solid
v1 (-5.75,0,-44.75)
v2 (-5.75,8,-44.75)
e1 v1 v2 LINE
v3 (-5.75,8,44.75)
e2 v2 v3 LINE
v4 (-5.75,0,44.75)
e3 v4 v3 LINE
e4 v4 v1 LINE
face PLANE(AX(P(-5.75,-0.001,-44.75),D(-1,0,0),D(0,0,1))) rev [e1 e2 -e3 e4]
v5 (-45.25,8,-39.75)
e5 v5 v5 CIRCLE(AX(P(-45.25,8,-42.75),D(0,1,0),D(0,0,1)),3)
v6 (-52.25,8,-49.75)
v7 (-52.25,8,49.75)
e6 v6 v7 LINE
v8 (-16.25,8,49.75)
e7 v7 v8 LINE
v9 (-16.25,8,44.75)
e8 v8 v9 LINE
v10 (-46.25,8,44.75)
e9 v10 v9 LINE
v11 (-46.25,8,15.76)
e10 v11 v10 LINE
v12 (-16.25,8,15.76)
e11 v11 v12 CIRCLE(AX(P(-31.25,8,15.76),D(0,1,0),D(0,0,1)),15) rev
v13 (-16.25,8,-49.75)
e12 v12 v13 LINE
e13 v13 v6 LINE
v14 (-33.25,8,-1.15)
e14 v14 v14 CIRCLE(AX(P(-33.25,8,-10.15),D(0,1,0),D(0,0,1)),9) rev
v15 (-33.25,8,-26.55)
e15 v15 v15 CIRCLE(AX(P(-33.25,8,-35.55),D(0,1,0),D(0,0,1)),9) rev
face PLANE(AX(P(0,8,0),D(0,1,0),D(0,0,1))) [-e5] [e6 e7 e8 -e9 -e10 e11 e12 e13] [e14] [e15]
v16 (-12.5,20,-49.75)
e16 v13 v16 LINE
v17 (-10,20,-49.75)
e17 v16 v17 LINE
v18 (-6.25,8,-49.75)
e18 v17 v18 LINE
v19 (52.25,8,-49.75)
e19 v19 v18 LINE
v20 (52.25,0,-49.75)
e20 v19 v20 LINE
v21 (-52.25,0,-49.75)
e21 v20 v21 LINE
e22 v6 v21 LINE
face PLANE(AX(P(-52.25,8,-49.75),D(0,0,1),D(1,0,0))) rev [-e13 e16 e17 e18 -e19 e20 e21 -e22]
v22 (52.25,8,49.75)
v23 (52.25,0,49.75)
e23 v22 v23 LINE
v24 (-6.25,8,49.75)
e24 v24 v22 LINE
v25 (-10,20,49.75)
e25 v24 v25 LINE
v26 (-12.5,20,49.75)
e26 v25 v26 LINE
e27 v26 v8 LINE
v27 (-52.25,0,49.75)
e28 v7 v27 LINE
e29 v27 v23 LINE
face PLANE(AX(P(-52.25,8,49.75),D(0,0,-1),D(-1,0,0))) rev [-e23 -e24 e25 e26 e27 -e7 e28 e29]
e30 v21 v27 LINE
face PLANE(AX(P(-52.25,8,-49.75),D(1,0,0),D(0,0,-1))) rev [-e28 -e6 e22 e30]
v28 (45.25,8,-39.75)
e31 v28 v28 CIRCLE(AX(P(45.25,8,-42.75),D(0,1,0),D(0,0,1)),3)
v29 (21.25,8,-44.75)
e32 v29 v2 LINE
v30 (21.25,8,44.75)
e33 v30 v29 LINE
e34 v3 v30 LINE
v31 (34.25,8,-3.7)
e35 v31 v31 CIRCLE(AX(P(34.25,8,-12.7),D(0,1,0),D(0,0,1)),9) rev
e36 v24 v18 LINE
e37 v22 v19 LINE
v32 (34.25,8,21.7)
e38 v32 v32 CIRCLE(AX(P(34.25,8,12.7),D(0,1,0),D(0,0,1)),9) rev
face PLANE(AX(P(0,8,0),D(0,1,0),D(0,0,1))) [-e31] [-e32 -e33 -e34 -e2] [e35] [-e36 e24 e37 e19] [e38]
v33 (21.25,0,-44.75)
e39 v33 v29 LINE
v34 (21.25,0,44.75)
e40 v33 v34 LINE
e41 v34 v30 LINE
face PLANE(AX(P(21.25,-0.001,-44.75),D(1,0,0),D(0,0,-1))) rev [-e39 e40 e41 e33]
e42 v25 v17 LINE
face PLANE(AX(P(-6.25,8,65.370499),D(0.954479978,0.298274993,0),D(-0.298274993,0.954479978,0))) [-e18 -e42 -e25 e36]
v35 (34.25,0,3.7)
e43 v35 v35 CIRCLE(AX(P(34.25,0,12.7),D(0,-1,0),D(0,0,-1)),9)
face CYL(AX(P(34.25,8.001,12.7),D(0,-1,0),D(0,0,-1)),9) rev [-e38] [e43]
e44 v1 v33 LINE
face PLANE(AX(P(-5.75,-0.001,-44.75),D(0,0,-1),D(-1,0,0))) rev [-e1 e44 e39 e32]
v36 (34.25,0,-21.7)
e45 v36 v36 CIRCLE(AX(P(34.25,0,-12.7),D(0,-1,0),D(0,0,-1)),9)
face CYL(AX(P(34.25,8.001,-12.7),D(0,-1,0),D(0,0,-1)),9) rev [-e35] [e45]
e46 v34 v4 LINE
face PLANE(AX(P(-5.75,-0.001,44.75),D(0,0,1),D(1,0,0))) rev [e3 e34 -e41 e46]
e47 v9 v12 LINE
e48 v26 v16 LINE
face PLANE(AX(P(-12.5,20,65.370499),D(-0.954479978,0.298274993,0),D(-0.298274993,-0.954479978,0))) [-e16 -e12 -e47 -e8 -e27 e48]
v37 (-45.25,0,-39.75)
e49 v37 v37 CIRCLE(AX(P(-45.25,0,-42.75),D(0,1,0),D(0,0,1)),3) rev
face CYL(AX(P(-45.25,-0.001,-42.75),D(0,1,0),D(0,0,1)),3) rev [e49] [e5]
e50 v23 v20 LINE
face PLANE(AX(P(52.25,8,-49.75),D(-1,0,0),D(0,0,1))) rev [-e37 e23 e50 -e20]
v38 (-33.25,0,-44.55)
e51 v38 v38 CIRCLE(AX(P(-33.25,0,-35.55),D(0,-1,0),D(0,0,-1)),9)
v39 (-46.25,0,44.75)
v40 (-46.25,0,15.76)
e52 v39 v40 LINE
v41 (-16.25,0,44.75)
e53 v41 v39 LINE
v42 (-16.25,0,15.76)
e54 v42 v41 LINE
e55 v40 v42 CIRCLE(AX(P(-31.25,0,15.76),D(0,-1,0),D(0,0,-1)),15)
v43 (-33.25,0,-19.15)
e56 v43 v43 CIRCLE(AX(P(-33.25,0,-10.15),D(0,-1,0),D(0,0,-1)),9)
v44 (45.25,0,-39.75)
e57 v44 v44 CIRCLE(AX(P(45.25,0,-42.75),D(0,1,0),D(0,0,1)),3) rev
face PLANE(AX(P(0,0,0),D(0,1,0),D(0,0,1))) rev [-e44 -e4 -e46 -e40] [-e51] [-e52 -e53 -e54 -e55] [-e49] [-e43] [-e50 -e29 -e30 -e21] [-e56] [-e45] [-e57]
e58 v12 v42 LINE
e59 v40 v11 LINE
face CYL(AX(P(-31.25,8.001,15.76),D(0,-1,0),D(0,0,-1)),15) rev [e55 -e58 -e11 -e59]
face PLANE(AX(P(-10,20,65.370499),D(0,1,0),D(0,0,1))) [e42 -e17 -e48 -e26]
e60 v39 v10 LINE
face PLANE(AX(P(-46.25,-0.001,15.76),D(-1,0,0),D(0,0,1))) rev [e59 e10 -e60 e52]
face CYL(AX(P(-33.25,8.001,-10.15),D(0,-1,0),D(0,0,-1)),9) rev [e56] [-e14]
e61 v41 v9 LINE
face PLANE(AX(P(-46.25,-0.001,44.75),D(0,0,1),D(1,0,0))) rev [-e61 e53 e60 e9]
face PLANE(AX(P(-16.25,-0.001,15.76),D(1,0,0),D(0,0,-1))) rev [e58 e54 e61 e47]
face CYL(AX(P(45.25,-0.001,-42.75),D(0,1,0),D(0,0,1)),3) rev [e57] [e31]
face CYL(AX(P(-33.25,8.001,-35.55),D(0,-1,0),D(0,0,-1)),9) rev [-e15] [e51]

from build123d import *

# Parameters (mm, degrees)
SKETCH1_W           = 104.5
SKETCH1_H           = 99.5
BOSS_EXTRUDE1_DEPTH = 8
CUT_EXTRUDE1_REACH  = 10
SKETCH2_R           = 9
SKETCH2_R_2         = 15
BOSS_EXTRUDE2_DEPTH = 99.5
CUT_EXTRUDE2_REACH  = 10
SKETCH4_W           = 27
SKETCH4_H           = 89.5
CUT_EXTRUDE3_REACH  = 10
SKETCH5_W           = 30
SKETCH5_H           = 28.99
CUT_EXTRUDE4_REACH  = 10
SKETCH6_R           = 3


with BuildPart() as part:
    # Sketch1 → Boss-Extrude1 (new body)
    with BuildSketch(Plane(origin=(0, 0, 0), x_dir=(1, 0, 0), z_dir=(0, 1, 0))):
        Rectangle(SKETCH1_W, SKETCH1_H)
    extrude(amount=BOSS_EXTRUDE1_DEPTH)

    # Sketch2 → Cut-Extrude1 (cut, up to next)
    with BuildSketch(Plane.XZ, mode=Mode.PRIVATE) as cut_extrude1_sk1:
        with Locations((-33.25, -10.15)):
            Circle(SKETCH2_R)
    cut_extrude1_tool1 = extrude(cut_extrude1_sk1.sketch, amount=-CUT_EXTRUDE1_REACH, mode=Mode.PRIVATE) & part.part
    add(cut_extrude1_tool1.solids().sort_by_distance((-33.25, 0, -10.15))[0], mode=Mode.SUBTRACT)
    # Sketch2 → Cut-Extrude1 (cut, up to next)
    with BuildSketch(Plane.XZ, mode=Mode.PRIVATE) as cut_extrude1_sk2:
        with Locations((-33.25, -35.55)):
            Circle(SKETCH2_R)
    cut_extrude1_tool2 = extrude(cut_extrude1_sk2.sketch, amount=-CUT_EXTRUDE1_REACH, mode=Mode.PRIVATE) & part.part
    add(cut_extrude1_tool2.solids().sort_by_distance((-33.25, 0, -35.55))[0], mode=Mode.SUBTRACT)
    # Sketch2 → Cut-Extrude1 (cut, up to next)
    with BuildSketch(Plane.XZ, mode=Mode.PRIVATE) as cut_extrude1_sk3:
        with Locations((34.25, 12.7)):
            Circle(SKETCH2_R)
    cut_extrude1_tool3 = extrude(cut_extrude1_sk3.sketch, amount=-CUT_EXTRUDE1_REACH, mode=Mode.PRIVATE) & part.part
    add(cut_extrude1_tool3.solids().sort_by_distance((34.25, 0, 12.7))[0], mode=Mode.SUBTRACT)
    # Sketch2 → Cut-Extrude1 (cut, up to next)
    with BuildSketch(Plane.XZ, mode=Mode.PRIVATE) as cut_extrude1_sk4:
        with Locations((34.25, -12.7)):
            Circle(SKETCH2_R)
    cut_extrude1_tool4 = extrude(cut_extrude1_sk4.sketch, amount=-CUT_EXTRUDE1_REACH, mode=Mode.PRIVATE) & part.part
    add(cut_extrude1_tool4.solids().sort_by_distance((34.25, 0, -12.7))[0], mode=Mode.SUBTRACT)
    # Sketch2 → Cut-Extrude1 (cut, up to next)
    with BuildSketch(Plane.XZ, mode=Mode.PRIVATE) as cut_extrude1_sk5:
        with Locations((-31.25, 15.76)):
            Circle(SKETCH2_R_2)
    cut_extrude1_tool5 = extrude(cut_extrude1_sk5.sketch, amount=-CUT_EXTRUDE1_REACH, mode=Mode.PRIVATE) & part.part
    add(cut_extrude1_tool5.solids().sort_by_distance((-31.25, 0, 15.76))[0], mode=Mode.SUBTRACT)

    # Sketch3 → Boss-Extrude2 (add)
    with BuildSketch(Plane(origin=(0, 0, -49.75), x_dir=(-1, 0, 0), z_dir=(0, 0, -1))):
        Polygon((6.25, 8), (10, 20), (12.5, 20), (16.25, 8), align=None)
    extrude(amount=-BOSS_EXTRUDE2_DEPTH)

    # Sketch4 → Cut-Extrude2 (cut, up to next)
    with BuildSketch(Plane(origin=(0, 8, 0), x_dir=(1, 0, 0), z_dir=(0, 1, 0)), mode=Mode.PRIVATE) as cut_extrude2_sk1:
        with Locations((7.75, 0)):
            Rectangle(SKETCH4_W, SKETCH4_H)
    cut_extrude2_tool1 = extrude(cut_extrude2_sk1.sketch, amount=-CUT_EXTRUDE2_REACH, mode=Mode.PRIVATE) & part.part
    add(cut_extrude2_tool1.solids().sort_by_distance((7.75, 8, 0))[0], mode=Mode.SUBTRACT)

    # Sketch5 → Cut-Extrude3 (cut, up to next)
    with BuildSketch(Plane(origin=(0, 8, 0), x_dir=(1, 0, 0), z_dir=(0, 1, 0)), mode=Mode.PRIVATE) as cut_extrude3_sk1:
        with Locations((-31.25, -30.255)):
            Rectangle(SKETCH5_W, SKETCH5_H)
    cut_extrude3_tool1 = extrude(cut_extrude3_sk1.sketch, amount=-CUT_EXTRUDE3_REACH, mode=Mode.PRIVATE) & part.part
    add(cut_extrude3_tool1.solids().sort_by_distance((-31.25, 8, 30.255))[0], mode=Mode.SUBTRACT)

    # Sketch6 → Cut-Extrude4 (cut, up to next)
    with BuildSketch(Plane(origin=(0, 8, 0), x_dir=(1, 0, 0), z_dir=(0, 1, 0)), mode=Mode.PRIVATE) as cut_extrude4_sk1:
        with Locations((-45.25, 42.75)):
            Circle(SKETCH6_R)
    cut_extrude4_tool1 = extrude(cut_extrude4_sk1.sketch, amount=-CUT_EXTRUDE4_REACH, mode=Mode.PRIVATE) & part.part
    add(cut_extrude4_tool1.solids().sort_by_distance((-45.25, 8, -42.75))[0], mode=Mode.SUBTRACT)
    # Sketch6 → Cut-Extrude4 (cut, up to next)
    with BuildSketch(Plane(origin=(0, 8, 0), x_dir=(1, 0, 0), z_dir=(0, 1, 0)), mode=Mode.PRIVATE) as cut_extrude4_sk2:
        with Locations((45.25, 42.75)):
            Circle(SKETCH6_R)
    cut_extrude4_tool2 = extrude(cut_extrude4_sk2.sketch, amount=-CUT_EXTRUDE4_REACH, mode=Mode.PRIVATE) & part.part
    add(cut_extrude4_tool2.solids().sort_by_distance((45.25, 8, -42.75))[0], mode=Mode.SUBTRACT)


solid = part.part
